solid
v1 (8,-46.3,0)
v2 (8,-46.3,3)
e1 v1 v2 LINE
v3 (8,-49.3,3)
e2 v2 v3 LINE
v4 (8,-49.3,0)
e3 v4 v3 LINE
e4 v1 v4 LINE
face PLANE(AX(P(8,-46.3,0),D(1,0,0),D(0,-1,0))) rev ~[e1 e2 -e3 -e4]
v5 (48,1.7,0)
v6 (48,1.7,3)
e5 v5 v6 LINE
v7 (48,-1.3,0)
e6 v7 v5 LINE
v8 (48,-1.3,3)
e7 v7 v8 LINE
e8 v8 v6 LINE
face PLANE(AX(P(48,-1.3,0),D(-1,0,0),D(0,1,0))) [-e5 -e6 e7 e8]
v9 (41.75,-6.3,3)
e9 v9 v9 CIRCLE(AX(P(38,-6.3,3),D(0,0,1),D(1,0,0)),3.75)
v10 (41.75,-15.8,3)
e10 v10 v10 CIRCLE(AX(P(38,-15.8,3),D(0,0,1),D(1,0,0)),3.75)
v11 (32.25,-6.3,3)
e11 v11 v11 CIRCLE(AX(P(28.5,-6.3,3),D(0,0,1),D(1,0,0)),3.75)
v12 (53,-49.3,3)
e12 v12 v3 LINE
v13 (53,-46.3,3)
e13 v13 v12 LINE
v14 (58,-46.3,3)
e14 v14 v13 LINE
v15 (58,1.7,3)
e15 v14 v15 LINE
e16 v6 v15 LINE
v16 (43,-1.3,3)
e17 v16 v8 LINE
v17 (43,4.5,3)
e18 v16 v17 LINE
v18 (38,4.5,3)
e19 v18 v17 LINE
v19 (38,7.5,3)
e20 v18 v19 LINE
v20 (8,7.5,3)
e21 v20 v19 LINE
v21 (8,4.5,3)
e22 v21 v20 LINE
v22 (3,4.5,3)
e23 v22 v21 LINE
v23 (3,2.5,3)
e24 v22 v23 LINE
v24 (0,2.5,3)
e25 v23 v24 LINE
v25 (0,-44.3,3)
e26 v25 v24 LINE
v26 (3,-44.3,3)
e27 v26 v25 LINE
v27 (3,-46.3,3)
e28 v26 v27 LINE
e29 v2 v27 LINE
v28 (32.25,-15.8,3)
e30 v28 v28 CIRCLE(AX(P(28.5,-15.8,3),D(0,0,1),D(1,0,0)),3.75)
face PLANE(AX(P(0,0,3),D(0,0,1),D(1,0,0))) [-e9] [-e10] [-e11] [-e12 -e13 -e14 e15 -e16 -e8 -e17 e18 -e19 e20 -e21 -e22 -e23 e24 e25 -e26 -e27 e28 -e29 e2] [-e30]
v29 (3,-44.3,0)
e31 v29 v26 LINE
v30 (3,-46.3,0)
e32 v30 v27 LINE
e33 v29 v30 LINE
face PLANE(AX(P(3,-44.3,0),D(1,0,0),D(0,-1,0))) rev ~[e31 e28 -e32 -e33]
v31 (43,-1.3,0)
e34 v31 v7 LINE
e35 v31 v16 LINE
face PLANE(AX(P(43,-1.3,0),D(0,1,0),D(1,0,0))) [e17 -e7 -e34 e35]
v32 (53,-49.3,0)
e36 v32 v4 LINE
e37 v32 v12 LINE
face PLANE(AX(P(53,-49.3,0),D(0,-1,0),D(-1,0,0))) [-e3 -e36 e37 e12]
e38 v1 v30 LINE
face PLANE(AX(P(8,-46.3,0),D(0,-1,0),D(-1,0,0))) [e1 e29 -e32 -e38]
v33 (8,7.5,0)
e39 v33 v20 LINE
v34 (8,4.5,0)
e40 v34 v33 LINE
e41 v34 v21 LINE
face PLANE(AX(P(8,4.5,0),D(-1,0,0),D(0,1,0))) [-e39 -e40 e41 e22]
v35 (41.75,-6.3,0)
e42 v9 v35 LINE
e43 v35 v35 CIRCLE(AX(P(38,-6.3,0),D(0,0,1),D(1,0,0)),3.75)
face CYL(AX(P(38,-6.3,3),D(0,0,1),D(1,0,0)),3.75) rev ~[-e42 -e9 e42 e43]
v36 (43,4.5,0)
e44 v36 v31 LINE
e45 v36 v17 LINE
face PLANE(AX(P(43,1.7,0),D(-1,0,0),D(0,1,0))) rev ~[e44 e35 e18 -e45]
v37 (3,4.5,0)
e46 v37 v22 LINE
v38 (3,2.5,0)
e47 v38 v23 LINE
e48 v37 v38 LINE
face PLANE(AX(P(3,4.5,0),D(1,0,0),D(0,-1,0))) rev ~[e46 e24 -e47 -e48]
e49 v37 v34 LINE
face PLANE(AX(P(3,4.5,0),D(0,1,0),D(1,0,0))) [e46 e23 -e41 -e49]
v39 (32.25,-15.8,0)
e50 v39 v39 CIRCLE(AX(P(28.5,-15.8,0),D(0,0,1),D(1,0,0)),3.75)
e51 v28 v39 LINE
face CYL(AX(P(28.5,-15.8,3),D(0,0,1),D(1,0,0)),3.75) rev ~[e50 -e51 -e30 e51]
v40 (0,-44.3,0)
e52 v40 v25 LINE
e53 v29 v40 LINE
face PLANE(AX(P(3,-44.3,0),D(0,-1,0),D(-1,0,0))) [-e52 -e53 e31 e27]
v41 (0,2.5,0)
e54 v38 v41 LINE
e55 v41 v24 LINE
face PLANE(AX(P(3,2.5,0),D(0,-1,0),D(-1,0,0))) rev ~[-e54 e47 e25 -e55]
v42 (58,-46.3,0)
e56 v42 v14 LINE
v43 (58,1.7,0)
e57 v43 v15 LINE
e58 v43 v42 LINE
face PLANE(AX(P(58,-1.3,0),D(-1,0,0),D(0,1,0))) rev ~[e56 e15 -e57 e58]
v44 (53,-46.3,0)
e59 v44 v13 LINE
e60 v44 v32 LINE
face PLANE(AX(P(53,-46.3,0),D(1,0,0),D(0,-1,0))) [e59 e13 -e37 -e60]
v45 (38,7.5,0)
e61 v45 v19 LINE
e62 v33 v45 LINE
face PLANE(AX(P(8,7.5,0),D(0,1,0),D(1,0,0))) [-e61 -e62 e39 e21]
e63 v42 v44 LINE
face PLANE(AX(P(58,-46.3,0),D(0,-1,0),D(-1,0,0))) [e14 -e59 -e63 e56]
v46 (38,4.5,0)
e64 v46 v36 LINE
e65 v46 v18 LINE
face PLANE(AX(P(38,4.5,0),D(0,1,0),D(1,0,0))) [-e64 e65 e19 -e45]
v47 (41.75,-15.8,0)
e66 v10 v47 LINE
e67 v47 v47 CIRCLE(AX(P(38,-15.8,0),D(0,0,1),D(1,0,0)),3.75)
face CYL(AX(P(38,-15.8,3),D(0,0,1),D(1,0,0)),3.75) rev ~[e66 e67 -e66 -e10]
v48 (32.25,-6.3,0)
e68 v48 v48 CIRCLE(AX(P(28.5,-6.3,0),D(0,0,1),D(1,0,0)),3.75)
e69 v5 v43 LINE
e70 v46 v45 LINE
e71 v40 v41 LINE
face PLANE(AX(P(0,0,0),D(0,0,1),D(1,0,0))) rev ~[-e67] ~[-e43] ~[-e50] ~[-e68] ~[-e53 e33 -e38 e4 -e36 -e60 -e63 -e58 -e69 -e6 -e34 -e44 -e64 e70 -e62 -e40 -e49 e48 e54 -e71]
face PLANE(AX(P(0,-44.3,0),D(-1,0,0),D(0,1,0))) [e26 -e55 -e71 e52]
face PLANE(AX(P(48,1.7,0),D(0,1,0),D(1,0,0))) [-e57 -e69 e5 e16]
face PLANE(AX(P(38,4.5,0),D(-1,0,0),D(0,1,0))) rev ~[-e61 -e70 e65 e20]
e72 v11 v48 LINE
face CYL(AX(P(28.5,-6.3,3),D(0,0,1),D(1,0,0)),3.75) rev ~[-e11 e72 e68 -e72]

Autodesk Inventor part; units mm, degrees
ref_plane "YZ Plane" through (0, 0, 0) normal (1, 0, 0) x (0, 1, 0)
ref_plane "XZ Plane" through (0, 0, 0) normal (0, 1, 0) x (-1, 0, 0)
ref_plane "XY Plane" through (0, 0, 0) normal (0, 0, 1) x (1, 0, 0)
ref_plane "Work Plane1" through (0, 0, 0) normal (0, 0, 1) x (1, 0, 0)
sketch "Sketch1" plane through (0, 0, 0) normal (0, 0, 1) x (1, 0, 0)
  line L0 (8, 7.5) -> (38, 7.5) projected
  line L1 (38, 4.5) -> (38, 7.5) projected
  line L2 (38, 4.5) -> (43, 4.5) projected
  line L3 (43, -1.3) -> (43, 1.7) projected
  line L4 (43, -1.3) -> (48, -1.3) projected
  line L5 (48, -1.3) -> (48, 1.7) projected
  line L6 (48, 1.7) -> (58, 1.7) projected
  line L7 (58, -1.3) -> (58, 1.7) projected
  line L8 (58, -46.3) -> (53, -46.3) projected
  line L9 (53, -46.3) -> (53, -49.3) projected
  line L10 (53, -49.3) -> (8, -49.3) projected
  line L11 (8, -46.3) -> (8, -49.3) projected
  line L12 (8, -46.3) -> (3, -46.3) projected
  line L13 (3, -44.3) -> (3, -49.3) projected
  line L14 (3, -44.3) -> (0, -44.3) projected
  line L15 (0, -44.3) -> (0, 2.5) projected
  line L16 (3, 2.5) -> (0, 2.5) projected
  line L17 (3, 7.5) -> (3, 2.5) projected
  line L18 (3, 4.5) -> (8, 4.5) projected
  line L19 (8, 4.5) -> (8, 7.5) projected
  line L20 (58, -46.3) -> (58, -1.3)
  line L21 (43, 1.7) -> (43, 4.5)
extrude "Extrusion1" add sketch "Sketch1" along normal blind 3
sketch "Sketch2" plane through (0, 0, 3) normal (0, 0, 1) x (1, 0, 0)
  circle A0 centre (38, -6.3) radius 3.75
  circle A1 centre (38, -15.8) radius 3.75
  circle A2 centre (28.5, -15.8) radius 3.75
  line L0 (48, -1.3) -> (43, -1.3) projected
  line L1 (58, -46.3) -> (58, 1.7) projected
  circle A3 centre (28.5, -6.3) radius 3.75
  point P0 (0, 0)
  dimension "d2" = 5
  dimension "d3" = 7.5
  dimension "d4" = 9.5
  dimension "d6" = 20
  dimension "d9" = 9.5
extrude "Extrusion2" cut sketch "Sketch2" against normal blind 3
equation "\"d9\" = d4"
properties part number "sidertop" material "Acrylic, Clear"
